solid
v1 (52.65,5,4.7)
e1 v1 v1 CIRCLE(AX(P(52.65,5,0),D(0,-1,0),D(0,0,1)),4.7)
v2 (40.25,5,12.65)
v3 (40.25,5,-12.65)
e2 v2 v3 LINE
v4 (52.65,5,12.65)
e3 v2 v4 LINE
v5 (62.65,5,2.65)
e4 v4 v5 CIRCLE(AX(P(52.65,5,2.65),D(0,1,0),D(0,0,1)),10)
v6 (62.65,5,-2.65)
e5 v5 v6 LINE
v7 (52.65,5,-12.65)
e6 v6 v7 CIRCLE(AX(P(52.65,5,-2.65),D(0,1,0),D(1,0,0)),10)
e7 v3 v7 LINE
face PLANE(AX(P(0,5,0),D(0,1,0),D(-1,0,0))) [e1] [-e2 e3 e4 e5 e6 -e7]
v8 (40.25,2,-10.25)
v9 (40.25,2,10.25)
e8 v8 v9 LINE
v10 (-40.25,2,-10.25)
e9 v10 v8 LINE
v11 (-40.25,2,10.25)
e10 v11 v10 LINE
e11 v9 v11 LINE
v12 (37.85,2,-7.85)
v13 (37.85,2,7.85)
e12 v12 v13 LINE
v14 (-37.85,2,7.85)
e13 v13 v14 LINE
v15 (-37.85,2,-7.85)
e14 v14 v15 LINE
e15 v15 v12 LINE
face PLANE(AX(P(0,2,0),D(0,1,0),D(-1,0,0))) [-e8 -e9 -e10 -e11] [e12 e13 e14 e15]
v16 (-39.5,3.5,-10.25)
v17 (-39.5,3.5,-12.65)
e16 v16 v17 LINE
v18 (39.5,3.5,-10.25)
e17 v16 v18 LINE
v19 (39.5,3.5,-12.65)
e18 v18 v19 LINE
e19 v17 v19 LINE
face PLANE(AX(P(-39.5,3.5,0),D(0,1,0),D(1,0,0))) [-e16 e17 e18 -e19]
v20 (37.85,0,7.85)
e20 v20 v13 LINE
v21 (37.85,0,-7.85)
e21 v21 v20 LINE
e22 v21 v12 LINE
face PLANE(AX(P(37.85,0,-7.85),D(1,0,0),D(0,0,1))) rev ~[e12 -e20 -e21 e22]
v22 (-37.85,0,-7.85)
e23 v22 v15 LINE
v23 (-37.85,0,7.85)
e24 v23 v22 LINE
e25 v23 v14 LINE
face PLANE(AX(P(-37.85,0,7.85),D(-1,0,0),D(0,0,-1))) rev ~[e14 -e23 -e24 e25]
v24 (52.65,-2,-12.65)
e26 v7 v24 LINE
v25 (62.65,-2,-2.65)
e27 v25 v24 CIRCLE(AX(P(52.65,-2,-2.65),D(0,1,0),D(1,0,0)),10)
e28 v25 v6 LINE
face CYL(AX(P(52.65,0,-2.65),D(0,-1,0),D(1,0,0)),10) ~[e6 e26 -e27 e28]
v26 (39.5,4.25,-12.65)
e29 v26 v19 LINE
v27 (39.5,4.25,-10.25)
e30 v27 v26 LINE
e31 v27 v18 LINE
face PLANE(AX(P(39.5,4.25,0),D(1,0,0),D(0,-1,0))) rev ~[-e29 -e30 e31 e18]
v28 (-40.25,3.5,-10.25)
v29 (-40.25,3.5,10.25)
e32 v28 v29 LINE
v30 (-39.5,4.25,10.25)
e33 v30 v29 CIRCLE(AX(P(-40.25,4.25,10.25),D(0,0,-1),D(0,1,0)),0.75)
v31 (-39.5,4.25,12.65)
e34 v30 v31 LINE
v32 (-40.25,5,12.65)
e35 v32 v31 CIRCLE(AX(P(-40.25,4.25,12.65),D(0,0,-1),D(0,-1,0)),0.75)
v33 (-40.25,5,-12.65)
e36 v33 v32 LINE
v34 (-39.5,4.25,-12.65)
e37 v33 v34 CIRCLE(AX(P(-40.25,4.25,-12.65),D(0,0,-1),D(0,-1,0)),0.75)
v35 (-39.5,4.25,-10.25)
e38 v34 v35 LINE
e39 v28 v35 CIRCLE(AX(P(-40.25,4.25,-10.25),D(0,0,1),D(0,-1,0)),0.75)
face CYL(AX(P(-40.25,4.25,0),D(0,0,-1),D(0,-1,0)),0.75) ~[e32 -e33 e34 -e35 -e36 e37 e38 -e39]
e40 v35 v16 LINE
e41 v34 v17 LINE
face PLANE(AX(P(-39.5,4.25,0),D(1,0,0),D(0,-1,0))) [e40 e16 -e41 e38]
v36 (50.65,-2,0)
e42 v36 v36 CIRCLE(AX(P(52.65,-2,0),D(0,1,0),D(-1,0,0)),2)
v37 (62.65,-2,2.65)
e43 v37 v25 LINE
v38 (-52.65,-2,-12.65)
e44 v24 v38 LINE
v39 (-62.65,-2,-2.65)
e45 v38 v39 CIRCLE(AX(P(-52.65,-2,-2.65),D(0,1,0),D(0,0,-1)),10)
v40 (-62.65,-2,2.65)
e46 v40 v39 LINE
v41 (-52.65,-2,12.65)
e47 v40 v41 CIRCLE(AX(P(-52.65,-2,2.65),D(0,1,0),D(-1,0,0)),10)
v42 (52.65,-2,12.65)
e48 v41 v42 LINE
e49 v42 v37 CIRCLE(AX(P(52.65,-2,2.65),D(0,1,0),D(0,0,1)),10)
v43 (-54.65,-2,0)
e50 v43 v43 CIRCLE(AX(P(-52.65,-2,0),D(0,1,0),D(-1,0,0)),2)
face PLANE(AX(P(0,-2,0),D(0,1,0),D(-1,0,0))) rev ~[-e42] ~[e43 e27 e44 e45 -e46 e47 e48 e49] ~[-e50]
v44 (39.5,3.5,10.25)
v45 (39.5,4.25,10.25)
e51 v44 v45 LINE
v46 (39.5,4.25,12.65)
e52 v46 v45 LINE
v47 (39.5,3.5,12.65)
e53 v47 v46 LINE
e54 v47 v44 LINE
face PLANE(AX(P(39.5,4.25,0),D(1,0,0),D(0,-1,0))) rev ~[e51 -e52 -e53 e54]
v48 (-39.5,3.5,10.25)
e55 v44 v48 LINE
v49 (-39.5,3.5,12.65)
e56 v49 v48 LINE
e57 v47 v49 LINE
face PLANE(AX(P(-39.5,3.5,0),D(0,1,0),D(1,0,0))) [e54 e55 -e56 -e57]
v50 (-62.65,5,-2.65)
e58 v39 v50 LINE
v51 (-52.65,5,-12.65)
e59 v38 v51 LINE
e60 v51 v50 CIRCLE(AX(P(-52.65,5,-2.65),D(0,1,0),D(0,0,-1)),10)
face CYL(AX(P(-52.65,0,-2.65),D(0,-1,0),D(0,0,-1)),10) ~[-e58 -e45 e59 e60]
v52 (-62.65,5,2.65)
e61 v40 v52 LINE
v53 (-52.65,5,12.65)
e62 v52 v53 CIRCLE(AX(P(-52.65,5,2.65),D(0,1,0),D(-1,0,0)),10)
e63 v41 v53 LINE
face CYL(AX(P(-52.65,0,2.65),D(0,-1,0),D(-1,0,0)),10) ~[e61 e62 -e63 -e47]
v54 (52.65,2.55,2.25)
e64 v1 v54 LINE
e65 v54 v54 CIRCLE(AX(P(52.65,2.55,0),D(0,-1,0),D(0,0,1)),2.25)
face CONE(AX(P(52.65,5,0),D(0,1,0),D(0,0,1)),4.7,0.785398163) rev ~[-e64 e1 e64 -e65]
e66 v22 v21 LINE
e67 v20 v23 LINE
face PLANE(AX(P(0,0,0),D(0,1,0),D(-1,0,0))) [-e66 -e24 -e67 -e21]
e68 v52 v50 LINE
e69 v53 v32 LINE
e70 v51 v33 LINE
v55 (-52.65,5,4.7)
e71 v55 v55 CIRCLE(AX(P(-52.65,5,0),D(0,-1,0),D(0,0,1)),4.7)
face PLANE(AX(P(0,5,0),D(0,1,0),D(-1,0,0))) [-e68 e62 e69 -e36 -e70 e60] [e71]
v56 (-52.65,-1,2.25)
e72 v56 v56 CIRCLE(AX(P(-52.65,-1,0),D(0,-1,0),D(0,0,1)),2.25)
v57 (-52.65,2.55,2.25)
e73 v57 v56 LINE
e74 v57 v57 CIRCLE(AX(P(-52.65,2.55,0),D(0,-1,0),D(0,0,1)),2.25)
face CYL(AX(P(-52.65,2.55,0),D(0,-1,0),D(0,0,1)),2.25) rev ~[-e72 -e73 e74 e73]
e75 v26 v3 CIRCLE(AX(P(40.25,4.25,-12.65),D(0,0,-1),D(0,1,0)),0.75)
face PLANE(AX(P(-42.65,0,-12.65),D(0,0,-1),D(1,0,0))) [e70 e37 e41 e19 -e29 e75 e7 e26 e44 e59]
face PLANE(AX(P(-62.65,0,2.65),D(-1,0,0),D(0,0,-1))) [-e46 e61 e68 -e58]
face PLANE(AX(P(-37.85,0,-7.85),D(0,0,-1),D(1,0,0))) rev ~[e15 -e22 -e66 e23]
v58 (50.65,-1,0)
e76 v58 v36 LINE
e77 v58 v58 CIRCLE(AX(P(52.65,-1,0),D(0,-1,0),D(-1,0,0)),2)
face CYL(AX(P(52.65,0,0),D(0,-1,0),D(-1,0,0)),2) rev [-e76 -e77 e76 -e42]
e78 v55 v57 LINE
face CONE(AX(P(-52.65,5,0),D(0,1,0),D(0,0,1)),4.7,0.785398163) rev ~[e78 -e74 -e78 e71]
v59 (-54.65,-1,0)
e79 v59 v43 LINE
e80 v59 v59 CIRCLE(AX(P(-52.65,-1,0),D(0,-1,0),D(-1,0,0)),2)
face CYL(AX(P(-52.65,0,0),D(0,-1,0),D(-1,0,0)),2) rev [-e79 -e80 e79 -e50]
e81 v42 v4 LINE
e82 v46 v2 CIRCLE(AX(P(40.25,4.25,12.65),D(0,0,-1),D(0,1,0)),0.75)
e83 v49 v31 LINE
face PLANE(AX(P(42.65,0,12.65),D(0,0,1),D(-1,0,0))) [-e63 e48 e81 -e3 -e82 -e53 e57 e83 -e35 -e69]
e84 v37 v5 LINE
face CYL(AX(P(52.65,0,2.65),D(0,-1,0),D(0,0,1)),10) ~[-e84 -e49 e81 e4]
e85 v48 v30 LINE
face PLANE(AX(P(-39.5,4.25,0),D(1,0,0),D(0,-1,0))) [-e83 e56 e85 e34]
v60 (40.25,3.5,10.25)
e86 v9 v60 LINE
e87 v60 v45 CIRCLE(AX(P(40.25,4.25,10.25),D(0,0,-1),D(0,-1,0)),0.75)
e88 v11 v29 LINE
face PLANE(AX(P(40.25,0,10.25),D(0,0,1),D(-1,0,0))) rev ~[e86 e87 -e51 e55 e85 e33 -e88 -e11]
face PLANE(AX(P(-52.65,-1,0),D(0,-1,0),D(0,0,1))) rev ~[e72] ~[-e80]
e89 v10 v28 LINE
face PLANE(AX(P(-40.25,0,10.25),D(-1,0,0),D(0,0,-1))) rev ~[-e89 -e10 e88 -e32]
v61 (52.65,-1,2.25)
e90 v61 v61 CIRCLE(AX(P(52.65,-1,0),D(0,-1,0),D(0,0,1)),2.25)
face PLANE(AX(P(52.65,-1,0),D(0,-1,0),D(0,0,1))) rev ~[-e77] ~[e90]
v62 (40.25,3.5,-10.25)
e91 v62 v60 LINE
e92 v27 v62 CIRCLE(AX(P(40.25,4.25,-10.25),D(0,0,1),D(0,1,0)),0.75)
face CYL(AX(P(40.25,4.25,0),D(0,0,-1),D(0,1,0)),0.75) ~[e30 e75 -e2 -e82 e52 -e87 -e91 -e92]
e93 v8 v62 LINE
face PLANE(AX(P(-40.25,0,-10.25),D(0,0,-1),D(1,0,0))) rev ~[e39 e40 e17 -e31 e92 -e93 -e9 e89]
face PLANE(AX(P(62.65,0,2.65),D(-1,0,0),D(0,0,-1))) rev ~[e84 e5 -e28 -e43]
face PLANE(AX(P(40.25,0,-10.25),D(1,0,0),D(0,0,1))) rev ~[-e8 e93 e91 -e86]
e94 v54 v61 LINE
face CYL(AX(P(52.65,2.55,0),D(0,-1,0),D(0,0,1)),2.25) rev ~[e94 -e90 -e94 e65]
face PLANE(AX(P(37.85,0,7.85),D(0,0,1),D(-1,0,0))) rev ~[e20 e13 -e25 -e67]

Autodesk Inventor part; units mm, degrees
ref_plane "YZ Plane" through (0, 0, 0) normal (1, 0, 0) x (0, 1, 0)
ref_plane "XZ Plane" through (0, 0, 0) normal (0, 1, 0) x (-1, 0, 0)
ref_plane "XY Plane" through (0, 0, 0) normal (0, 0, 1) x (1, 0, 0)
sketch "Skizze1" plane through (0, 0, 0) normal (0, 1, 0) x (-1, 0, 0)
  line L0 (40.25, -10.25) -> (-40.25, -10.25)
  line L1 (-40.25, -10.25) -> (-40.25, 10.25)
  line L2 (-40.25, 10.25) -> (40.25, 10.25)
  line L3 (40.25, 10.25) -> (40.25, -10.25)
  line L4 (40.25, -10.25) -> (-40.25, 10.25) construction
  line L5 (-40.25, -10.25) -> (40.25, 10.25) construction
  line L6 (42.65, -12.65) -> (-42.65, -12.65)
  line L7 (-42.65, -12.65) -> (-42.65, 12.65)
  line L8 (-42.65, 12.65) -> (42.65, 12.65)
  line L9 (42.65, 12.65) -> (42.65, -12.65)
  line L10 (37.85, -7.85) -> (-37.85, -7.85)
  line L11 (-37.85, -7.85) -> (-37.85, 7.85)
  line L12 (-37.85, 7.85) -> (37.85, 7.85)
  line L13 (37.85, 7.85) -> (37.85, -7.85)
  line L14 (52.65, -12.65) -> (42.65, -12.65)
  line L15 (42.65, 12.65) -> (52.65, 12.65)
  circle A0 centre (52.65, 0) radius 2
  line L16 (-42.65, -12.65) -> (-52.65, -12.65)
  line L17 (-42.65, 12.65) -> (-52.65, 12.65)
  circle A1 centre (-52.65, 0) radius 2
  arc A2 (62.65, 2.65) -> (52.65, 12.65) centre (52.65, 2.65) ccw
  arc A3 (52.65, -12.65) -> (62.65, -2.65) centre (52.65, -2.65) ccw
  line L18 (62.65, 2.65) -> (62.65, -2.65)
  arc A4 (-52.65, 12.65) -> (-62.65, 2.65) centre (-52.65, 2.65) ccw
  arc A5 (-62.65, -2.65) -> (-52.65, -12.65) centre (-52.65, -2.65) ccw
  line L19 (-62.65, 2.65) -> (-62.65, -2.65)
  point P0 (0, 0)
  point P1 (62.65, 0)
  point P2 (-62.65, 0)
  dimension "d0" = 80.5
  dimension "d1" = 20.5
  dimension "d2" = 2.4
  dimension "d3" = 2.4
  dimension "d4" = 4
  dimension "d7" = 4
  dimension "d25" = 20
  dimension "d26" = 10
  dimension "d27" = 10
  dimension "d28" = 20
  dimension "d29" = 10
  dimension "d30" = 10
extrude "Extrusion1" add sketch "Skizze1" against normal blind 2 contours L0 L1 L2 L3 | L6 L7 L8 L9 | L9 L15 A2 L18 A3 L14 | L16 A5 L19 A4 L17 L7 | L10 L11 L12 L13
extrude "Extrusion2" add sketch "Skizze1" along normal blind 5 contours L6 L7 L8 L9 | L9 L15 A2 L18 A3 L14 | L16 A5 L19 A4 L17 L7
extrude "Extrusion3" add sketch "Skizze1" along normal blind 2 contours L0 L1 L2 L3
sketch "Skizze2" plane through (0, 0, 0) normal (0, 0, 1) x (1, 0, 0)
  line L0 (37.85, 0) -> (37.85, 2) projected
  line L1 (37.85, 2) -> (40.25, 2) projected
  line L2 (40.25, 2) -> (40.25, 5) projected
  line L3 (40.25, 5) -> (50.65, 5) projected
  line L4 (50.65, 5) -> (50.65, -2) projected
  line L5 (50.65, -2) -> (-50.65, -2) projected
  line L6 (-50.65, -2) -> (-50.65, 5) projected
  line L7 (-50.65, 5) -> (-40.25, 5) projected
  line L8 (-40.25, 5) -> (-40.25, 2) projected
  line L9 (-40.25, 2) -> (-37.85, 2) projected
  line L10 (-37.85, 2) -> (-37.85, 0) projected
  line L11 (-37.85, 0) -> (37.85, 0) projected
  line L12 (-62.65, 5) -> (-54.65, 5) projected
  line L13 (-54.65, 5) -> (-54.65, -2) projected
  line L14 (-54.65, -2) -> (-62.65, -2) projected
  line L15 (54.65, 5) -> (62.65, 5) projected
  line L16 (62.65, -2) -> (54.65, -2) projected
  line L17 (54.65, -2) -> (54.65, 5) projected
  arc A0 (-40.25, 3.5) -> (-40.25, 5) centre (-40.25, 4.25) ccw
  arc A1 (40.25, 5) -> (40.25, 3.5) centre (40.25, 4.25) ccw
  line L18 (-40.25, 5) -> (-40.25, 3.5)
  line L19 (40.25, 5) -> (40.25, 3.5)
  line L20 (-62.65, -2) -> (-62.65, 5) projected
  line L21 (62.65, 5) -> (62.65, -2) projected
  line L22 (-40.25, 3.5) -> (40.25, 3.5)
  line L23 (40.25, 5) -> (-40.25, 5)
  line L24 (-39.5, 4.25) -> (-39.5, 3.5)
  line L25 (39.5, 4.25) -> (39.5, 3.5)
  point P0 (0, 0)
  dimension "d14" = 1.5
  dimension "d15" = 1.5
extrude "Extrusion4" add sketch "Skizze2" along normal mid plane 20.5 contours A1 L2 | L8 A0
sketch "Skizze3" plane through (0, 5, 0) normal (0, 1, 0) x (1, 0, 0)
  circle A0 centre (-52.65, 0) radius 2 projected
  circle A1 centre (52.65, 0) radius 2 projected
  point P0 (0, 0)
hole "Bohrung1" at (-52.65, 5, 0) at (52.65, 5, 0) direction (0, -1, 0) diameter 4.5 depth 6 countersink diameter 9.4 countersink angle 90 clearance for "Flachkopfsenkschraube DIN EN ISO 2009" size "M4" standard "DIN"
extrude "Extrusion5" cut sketch "Skizze2" along normal through all both and the other way through all contours A1 L25 L22 L24 A0 L23
equation "\"d7\" = d4"
equation "\"d28\" = d25"
equation "\"d29\" = d27"
equation "\"d30\" = d26"
equation "\"d15\" = d14"
properties part number "PCB_Holder_A"
